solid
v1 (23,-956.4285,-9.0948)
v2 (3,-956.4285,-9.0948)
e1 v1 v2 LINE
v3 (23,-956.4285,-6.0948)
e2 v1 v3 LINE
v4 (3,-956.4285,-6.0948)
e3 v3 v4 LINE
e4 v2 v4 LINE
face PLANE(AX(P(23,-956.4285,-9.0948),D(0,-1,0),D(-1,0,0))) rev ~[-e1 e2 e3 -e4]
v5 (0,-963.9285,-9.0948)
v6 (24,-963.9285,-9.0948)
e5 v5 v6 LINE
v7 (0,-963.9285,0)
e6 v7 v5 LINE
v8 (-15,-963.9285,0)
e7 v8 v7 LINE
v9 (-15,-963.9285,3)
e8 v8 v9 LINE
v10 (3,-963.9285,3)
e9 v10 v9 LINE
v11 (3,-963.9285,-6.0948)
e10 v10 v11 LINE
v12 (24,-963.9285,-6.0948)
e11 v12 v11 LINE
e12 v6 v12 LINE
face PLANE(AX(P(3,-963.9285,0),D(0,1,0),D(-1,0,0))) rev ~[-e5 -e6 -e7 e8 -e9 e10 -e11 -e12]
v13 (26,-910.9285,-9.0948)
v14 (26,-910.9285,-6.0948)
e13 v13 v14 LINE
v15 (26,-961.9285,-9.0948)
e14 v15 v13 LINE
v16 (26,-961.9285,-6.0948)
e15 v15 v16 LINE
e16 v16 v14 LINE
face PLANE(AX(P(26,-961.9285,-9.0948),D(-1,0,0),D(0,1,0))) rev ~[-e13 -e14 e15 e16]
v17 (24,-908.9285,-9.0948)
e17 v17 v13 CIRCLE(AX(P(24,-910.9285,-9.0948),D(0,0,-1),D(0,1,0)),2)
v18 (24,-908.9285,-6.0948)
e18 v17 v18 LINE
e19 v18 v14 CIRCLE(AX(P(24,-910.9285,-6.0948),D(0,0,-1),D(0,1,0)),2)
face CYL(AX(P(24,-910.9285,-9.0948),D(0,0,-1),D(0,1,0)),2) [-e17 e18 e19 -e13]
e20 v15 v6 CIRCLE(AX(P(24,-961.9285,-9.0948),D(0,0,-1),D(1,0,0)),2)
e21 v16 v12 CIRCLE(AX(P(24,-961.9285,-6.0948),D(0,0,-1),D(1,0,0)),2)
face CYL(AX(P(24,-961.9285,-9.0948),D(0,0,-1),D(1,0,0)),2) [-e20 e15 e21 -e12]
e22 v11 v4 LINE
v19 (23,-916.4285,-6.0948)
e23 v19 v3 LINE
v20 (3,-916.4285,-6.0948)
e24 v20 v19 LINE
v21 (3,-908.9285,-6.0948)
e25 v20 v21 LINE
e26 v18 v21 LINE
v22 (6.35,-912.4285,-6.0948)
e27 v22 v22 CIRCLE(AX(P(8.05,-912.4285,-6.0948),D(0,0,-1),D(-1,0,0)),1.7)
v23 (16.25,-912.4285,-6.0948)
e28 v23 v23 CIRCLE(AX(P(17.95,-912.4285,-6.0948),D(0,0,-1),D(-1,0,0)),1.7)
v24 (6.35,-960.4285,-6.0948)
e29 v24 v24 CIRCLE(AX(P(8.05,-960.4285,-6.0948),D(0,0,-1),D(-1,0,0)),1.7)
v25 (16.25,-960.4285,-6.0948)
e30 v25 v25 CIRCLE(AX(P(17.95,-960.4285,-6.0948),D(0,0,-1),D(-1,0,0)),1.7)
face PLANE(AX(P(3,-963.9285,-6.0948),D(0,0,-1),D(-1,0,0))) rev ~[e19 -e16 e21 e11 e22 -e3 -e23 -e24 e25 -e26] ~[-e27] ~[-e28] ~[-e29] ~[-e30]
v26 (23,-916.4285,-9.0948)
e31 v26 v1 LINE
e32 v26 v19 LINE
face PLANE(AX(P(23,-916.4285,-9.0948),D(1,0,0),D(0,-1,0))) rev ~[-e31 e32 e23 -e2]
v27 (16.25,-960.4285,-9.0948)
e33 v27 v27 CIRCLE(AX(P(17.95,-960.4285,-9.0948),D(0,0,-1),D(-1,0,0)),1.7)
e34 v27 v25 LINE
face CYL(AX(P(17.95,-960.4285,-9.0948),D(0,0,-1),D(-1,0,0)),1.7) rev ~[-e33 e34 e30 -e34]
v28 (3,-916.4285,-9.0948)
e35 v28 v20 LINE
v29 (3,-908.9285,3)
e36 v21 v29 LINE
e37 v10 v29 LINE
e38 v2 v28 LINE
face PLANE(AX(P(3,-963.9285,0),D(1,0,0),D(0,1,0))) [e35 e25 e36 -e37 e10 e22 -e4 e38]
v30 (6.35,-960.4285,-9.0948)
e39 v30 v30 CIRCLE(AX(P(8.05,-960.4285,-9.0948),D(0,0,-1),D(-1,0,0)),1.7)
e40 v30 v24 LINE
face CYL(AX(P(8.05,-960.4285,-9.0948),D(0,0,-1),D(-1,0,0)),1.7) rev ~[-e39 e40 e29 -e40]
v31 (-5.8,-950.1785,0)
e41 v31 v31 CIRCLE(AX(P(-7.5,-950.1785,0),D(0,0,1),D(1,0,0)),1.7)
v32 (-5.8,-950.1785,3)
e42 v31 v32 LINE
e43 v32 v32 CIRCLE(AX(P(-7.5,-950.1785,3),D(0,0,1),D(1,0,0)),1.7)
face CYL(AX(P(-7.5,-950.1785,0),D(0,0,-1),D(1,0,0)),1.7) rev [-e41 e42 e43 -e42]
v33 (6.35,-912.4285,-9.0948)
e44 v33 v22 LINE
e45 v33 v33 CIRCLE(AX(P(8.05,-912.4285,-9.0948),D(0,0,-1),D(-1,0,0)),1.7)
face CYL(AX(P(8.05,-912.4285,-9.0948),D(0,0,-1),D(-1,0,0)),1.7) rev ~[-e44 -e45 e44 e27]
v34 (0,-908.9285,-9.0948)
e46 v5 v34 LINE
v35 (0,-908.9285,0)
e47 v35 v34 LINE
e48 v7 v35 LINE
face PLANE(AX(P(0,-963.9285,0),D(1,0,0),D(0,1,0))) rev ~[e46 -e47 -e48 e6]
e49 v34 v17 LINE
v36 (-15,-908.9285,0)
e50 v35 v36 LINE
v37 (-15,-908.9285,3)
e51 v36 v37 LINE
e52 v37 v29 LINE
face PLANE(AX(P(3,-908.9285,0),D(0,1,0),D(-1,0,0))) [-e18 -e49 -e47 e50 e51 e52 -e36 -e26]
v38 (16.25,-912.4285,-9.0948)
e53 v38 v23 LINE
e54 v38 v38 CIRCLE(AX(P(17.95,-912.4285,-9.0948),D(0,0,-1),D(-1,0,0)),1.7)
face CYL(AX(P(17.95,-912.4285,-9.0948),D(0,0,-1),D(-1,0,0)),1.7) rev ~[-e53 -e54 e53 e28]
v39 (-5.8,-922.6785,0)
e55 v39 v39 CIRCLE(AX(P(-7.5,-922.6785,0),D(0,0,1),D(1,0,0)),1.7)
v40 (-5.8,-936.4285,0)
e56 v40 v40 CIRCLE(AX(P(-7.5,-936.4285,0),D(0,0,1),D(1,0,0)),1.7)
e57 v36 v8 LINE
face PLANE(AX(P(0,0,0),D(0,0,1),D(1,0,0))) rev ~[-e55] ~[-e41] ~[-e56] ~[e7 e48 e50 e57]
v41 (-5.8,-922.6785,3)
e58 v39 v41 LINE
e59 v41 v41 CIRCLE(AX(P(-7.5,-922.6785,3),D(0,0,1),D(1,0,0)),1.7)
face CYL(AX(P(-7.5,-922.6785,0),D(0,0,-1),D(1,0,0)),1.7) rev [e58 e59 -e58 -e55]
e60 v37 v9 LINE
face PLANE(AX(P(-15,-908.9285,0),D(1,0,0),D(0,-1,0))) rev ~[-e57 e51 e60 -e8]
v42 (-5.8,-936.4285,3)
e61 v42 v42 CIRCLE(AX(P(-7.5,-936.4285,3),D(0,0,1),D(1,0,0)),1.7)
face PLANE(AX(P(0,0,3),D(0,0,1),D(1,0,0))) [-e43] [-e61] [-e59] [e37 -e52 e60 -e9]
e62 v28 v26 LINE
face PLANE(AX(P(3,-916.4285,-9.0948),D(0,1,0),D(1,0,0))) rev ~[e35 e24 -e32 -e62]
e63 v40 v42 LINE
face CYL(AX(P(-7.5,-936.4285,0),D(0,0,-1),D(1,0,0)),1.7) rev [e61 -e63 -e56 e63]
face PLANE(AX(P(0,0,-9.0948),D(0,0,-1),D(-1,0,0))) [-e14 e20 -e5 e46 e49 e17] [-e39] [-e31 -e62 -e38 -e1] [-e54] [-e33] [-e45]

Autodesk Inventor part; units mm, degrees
ref_plane "YZ Plane" through (0, 0, 0) normal (1, 0, 0) x (0, 1, 0)
ref_plane "XZ Plane" through (0, 0, 0) normal (0, 1, 0) x (-1, 0, 0)
sketch "Sketch1" plane through (0, 0, 0) normal (0, 0, 1) x (1, 0, 0)
  line L0 (0, -1000) -> (0, -848) construction
  line L1 (-15, -848) -> (-15, -1000) construction
  line L2 (-15, -963.9285) -> (0, -963.9285)
  line L3 (0, -963.9285) -> (0, -908.9285)
  line L4 (0, -908.9285) -> (-15, -908.9285)
  line L5 (-15, -908.9285) -> (-15, -963.9285)
  line L6 (0, -963.9285) -> (3, -963.9285)
  line L7 (3, -963.9285) -> (3, -908.9285)
  line L8 (3, -908.9285) -> (0, -908.9285)
  line L9 (0, -908.9285) -> (0, -963.9285)
  line L10 (-7.5, -908.9285) -> (-7.5, -963.9285) construction
  circle A0 centre (-7.5, -922.6785) radius 1.7
  circle A1 centre (-7.5, -936.4285) radius 1.7
  circle A2 centre (-7.5, -950.1785) radius 1.7
  line L11 (-15, -936.4285) -> (3, -936.4285) construction
  point P0 (0, 0)
  dimension "d6" = 55
  dimension "d7" = 3
  dimension "d22" = 3.4
  dimension "d23" = 3.4
  dimension "d24" = 3.4
  dimension "d25" = 13.75
  dimension "d26" = 13.75
extrude "Extrusion1" add sketch "Sketch1" along normal blind 3
sketch "Sketch2" plane through (0, 0, 0) normal (0, 0, -1) x (-1, 0, 0)
  line L0 (-3, -963.9285) -> (-3, -908.9285) projected
  line L1 (-3, -908.9285) -> (15, -908.9285) projected
  line L2 (-3, -963.9285) -> (0, -963.9285)
  line L3 (0, -963.9285) -> (0, -908.9285)
  line L4 (0, -908.9285) -> (-3, -908.9285)
  line L5 (-3, -908.9285) -> (-3, -963.9285)
  point P0 (0, 0)
ref_plane "Work Plane1" through (54.1997, -954.1849, -9.0948) normal (0, 0, 1) x (0.9638, -0.2666, 0)
extrude "Extrusion2" add sketch "Sketch2" along normal up to surface (9.0948 mm away)
sketch "Sketch3" plane through (3, -963.9285, -9.0948) normal (0, 0, -1) x (-1, 0, 0)
  line L0 (0, 0) -> (0, 55) projected
  line L1 (0, 27.5) -> (-10, 27.5) construction
  line L2 (-20, 7.5) -> (0, 7.5)
  line L3 (0, 7.5) -> (0, 47.5)
  line L4 (0, 47.5) -> (-20, 47.5)
  line L5 (-20, 47.5) -> (-20, 7.5)
  line L6 (-20, 7.5) -> (0, 47.5) construction
  line L7 (0, 7.5) -> (-20, 47.5) construction
  line L8 (-14.95, 3.5) -> (-5.05, 3.5) construction
  line L9 (-5.05, 3.5) -> (-5.05, 51.5) construction
  line L10 (-5.05, 51.5) -> (-14.95, 51.5) construction
  line L11 (-14.95, 51.5) -> (-14.95, 3.5) construction
  line L12 (-14.95, 3.5) -> (-5.05, 51.5) construction
  line L13 (-5.05, 3.5) -> (-14.95, 51.5) construction
  circle A0 centre (-14.95, 3.5) radius 1.7
  line L14 (-10, 3.5) -> (-10, 51.5) construction
  circle A1 centre (-14.95, 51.5) radius 1.7
  circle A2 centre (-5.05, 3.5) radius 1.7
  circle A3 centre (-5.05, 51.5) radius 1.7
  line L15 (3, 0) -> (-21, 0)
  line L16 (-23, 2) -> (-23, 53)
  line L17 (-21, 55) -> (3, 55)
  line L18 (3, 55) -> (3, 0)
  line L19 (3, 0) -> (-23, 55) construction
  line L20 (-23, 0) -> (3, 55) construction
  arc A4 (-23, 2) -> (-21, 0) centre (-21, 2) ccw
  arc A5 (-21, 55) -> (-23, 53) centre (-21, 53) ccw
  point P0 (3, 963.9285)
  point P1 (0, 7.5)
  dimension "d12" = 10
  dimension "d13" = 40
  dimension "d14" = 9.9
  dimension "d15" = 48
  dimension "d16" = 3.4
  dimension "d17" = 26
  dimension "d18" = 55
  dimension "d19" = 2
extrude "Extrusion3" add sketch "Sketch3" against normal blind 3 contours L15 A4 L16 A5 L17 L0 L4 L5 L2 | L0 L17 L18 L15
properties part number "ServoMount"
